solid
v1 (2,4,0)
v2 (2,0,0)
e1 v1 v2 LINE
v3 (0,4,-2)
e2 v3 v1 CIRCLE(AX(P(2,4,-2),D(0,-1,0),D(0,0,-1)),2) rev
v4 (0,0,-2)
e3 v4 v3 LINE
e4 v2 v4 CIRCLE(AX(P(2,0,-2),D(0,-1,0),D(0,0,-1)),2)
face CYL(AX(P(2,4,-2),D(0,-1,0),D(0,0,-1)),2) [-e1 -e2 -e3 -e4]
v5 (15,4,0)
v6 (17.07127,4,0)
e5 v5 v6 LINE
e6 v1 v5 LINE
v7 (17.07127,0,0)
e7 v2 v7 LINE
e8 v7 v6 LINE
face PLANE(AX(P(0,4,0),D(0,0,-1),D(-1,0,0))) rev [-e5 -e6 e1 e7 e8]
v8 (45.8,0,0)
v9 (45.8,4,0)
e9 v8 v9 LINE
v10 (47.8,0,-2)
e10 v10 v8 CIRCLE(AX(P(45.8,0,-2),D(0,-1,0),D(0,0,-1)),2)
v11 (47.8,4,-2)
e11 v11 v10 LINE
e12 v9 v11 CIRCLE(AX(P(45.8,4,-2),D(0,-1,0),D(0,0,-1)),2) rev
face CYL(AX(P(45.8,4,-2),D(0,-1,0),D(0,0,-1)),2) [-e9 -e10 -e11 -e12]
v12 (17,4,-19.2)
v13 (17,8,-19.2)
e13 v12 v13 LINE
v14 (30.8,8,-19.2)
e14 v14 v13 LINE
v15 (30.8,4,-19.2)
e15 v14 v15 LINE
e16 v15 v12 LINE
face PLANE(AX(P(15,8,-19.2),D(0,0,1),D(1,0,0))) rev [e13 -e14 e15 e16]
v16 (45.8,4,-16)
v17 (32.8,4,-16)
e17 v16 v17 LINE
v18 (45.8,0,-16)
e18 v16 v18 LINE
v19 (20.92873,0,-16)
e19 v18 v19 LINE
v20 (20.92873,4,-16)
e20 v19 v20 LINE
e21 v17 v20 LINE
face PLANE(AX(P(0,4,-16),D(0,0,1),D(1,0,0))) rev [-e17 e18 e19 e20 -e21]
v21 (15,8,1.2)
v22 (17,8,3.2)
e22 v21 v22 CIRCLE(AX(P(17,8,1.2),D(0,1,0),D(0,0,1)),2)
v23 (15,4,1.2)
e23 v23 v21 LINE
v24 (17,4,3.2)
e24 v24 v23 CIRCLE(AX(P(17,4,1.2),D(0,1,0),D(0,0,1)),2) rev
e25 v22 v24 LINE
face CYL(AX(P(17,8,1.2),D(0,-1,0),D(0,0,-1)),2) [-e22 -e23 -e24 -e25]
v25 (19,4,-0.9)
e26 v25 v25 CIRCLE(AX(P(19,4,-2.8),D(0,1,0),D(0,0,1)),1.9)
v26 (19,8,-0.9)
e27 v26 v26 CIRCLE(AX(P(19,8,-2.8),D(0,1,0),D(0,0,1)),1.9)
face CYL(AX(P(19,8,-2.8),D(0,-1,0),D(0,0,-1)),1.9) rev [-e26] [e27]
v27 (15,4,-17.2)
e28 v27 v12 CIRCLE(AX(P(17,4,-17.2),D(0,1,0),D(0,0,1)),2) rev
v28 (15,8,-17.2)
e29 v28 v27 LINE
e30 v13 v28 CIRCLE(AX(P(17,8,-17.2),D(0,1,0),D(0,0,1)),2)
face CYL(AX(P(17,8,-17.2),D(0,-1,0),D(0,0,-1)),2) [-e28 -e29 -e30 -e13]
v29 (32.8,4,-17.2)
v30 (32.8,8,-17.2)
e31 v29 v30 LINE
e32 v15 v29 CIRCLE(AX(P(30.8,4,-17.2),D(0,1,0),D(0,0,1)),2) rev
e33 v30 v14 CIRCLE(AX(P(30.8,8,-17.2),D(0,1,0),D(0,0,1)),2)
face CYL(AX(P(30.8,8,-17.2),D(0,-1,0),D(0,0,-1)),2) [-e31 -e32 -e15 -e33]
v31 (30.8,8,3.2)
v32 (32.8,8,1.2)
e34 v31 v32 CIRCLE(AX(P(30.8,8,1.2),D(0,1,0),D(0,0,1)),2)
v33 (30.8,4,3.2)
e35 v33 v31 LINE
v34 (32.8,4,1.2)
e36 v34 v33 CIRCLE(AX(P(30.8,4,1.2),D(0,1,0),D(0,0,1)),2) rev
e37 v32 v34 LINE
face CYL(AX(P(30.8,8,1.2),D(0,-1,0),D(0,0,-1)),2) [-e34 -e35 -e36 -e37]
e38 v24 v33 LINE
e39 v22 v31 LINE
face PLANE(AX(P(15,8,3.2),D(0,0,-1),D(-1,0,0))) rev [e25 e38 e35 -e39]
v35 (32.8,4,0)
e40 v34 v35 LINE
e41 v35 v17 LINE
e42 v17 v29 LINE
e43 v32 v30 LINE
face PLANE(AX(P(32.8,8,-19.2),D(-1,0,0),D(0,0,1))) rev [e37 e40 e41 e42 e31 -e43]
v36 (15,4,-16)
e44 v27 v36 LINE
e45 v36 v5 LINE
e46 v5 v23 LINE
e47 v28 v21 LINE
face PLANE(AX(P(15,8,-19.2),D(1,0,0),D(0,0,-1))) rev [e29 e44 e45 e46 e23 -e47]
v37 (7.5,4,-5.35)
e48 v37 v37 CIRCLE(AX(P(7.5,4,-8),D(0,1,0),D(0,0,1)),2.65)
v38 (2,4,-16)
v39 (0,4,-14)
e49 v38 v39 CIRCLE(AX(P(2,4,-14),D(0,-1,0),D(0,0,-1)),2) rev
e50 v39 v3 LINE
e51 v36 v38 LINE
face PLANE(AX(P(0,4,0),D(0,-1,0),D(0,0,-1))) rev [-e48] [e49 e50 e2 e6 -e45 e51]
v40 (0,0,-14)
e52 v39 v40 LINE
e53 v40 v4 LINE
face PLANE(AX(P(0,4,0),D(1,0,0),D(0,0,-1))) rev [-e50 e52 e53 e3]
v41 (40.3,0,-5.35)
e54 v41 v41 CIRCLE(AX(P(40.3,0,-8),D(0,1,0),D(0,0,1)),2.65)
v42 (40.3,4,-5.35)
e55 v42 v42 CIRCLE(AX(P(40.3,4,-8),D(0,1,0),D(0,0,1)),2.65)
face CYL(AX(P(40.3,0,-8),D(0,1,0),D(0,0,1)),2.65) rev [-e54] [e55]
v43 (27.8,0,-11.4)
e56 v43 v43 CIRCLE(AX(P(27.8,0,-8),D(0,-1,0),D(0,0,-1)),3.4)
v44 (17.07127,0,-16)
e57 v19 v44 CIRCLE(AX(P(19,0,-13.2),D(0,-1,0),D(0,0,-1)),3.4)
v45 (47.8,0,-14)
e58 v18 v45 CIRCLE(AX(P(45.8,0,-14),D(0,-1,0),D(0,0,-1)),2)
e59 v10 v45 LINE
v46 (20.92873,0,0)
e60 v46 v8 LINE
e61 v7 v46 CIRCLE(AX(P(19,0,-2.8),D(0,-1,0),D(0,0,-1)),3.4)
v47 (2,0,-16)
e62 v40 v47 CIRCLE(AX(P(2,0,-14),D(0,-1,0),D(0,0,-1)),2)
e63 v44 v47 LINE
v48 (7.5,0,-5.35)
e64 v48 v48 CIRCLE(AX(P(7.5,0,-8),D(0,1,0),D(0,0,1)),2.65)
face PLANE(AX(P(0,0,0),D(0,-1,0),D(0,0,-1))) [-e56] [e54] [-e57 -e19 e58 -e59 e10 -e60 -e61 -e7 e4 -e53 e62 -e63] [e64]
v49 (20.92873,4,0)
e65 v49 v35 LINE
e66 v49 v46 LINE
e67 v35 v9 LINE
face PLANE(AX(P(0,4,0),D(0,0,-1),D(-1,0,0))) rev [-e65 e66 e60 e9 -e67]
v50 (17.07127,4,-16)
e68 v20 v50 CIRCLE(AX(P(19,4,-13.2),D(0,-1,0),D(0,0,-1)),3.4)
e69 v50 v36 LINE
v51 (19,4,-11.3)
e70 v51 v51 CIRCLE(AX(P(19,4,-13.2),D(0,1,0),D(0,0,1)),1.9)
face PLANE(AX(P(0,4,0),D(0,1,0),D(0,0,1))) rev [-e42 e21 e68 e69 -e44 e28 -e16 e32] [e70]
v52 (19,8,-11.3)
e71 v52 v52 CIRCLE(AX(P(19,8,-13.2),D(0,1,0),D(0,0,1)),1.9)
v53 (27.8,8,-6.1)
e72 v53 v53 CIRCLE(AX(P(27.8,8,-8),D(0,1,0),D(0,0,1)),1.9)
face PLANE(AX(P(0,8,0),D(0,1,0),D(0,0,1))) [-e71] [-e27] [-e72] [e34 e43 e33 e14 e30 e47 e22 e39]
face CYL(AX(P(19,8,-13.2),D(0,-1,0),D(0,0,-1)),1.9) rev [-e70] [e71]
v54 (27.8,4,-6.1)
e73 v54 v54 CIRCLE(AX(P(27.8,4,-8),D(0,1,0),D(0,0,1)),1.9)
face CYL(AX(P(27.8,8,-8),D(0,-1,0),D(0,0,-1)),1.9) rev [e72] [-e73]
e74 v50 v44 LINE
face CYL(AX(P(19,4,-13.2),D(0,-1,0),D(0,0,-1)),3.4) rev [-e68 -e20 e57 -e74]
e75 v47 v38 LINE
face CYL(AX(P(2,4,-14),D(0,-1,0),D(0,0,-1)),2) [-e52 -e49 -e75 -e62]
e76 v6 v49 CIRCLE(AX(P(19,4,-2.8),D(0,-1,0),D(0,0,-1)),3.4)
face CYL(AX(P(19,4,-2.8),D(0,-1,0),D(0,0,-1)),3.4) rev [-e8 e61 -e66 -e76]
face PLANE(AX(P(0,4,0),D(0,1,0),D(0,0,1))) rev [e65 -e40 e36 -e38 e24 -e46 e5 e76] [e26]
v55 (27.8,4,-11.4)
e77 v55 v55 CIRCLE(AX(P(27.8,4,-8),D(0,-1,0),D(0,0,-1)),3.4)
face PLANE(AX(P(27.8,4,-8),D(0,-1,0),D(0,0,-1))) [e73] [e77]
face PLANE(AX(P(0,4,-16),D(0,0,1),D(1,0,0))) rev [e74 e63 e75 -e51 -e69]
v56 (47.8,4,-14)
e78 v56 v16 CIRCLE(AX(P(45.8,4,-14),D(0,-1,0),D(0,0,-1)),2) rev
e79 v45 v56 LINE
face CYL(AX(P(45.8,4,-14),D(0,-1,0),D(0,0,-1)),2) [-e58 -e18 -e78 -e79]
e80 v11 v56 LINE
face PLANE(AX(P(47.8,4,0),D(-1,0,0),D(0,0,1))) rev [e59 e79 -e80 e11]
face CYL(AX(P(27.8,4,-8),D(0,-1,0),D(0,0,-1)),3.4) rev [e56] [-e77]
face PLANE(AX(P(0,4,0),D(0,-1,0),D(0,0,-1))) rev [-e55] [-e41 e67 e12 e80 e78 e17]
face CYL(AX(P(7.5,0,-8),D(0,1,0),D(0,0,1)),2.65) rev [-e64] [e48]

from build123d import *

# Parameters (mm, degrees)
SKETCH1_W           = 47.8
SKETCH1_H           = 16
BOSS_EXTRUDE1_DEPTH = 4
SKETCH2_W           = 17.8
SKETCH2_H           = 22.4
SKETCH2_R           = 1.9
BOSS_EXTRUDE2_DEPTH = 4
SKETCH3_R           = 3.4
CUT_EXTRUDE1_DEPTH  = 4
SKETCH4_R           = 2.65
CUT_EXTRUDE2_DEPTH  = 4
FILLET1_R           = 2


with BuildPart() as part:
    # Sketch1 → Boss-Extrude1 (new body)
    with BuildSketch(Plane(origin=(0, 0, 0), x_dir=(1, 0, 0), z_dir=(0, 1, 0))):
        with Locations((23.9, 8)):
            Rectangle(SKETCH1_W, SKETCH1_H)
    extrude(amount=BOSS_EXTRUDE1_DEPTH)

    # Sketch2 → Boss-Extrude2 (add)
    with BuildSketch(Plane(origin=(0, 4, 0), x_dir=(1, 0, 0), z_dir=(0, 1, 0))):
        with Locations((23.9, 8)):
            Rectangle(SKETCH2_W, SKETCH2_H)
        with Locations(Location((19, 13.2, 0), (0, 0, 270))):
            Circle(SKETCH2_R, mode=Mode.SUBTRACT)
        with Locations(Location((27.8, 8, 0), (0, 0, 270))):
            Circle(SKETCH2_R, mode=Mode.SUBTRACT)
        with Locations(Location((19, 2.8, 0), (0, 0, 270))):
            Circle(SKETCH2_R, mode=Mode.SUBTRACT)
    extrude(amount=BOSS_EXTRUDE2_DEPTH)

    # Sketch3 → Cut-Extrude1 (cut)
    with BuildSketch(Plane.XZ):
        with Locations((19, -2.8)):
            Circle(SKETCH3_R)
        with Locations(Location((27.8, -8, 0), (0, 0, 270))):
            Circle(SKETCH3_R)
        with Locations((19, -13.2)):
            Circle(SKETCH3_R)
    extrude(amount=-CUT_EXTRUDE1_DEPTH, mode=Mode.SUBTRACT)

    # Sketch4 → Cut-Extrude2 (cut)
    with BuildSketch(Plane(origin=(0, 4, 0), x_dir=(1, 0, 0), z_dir=(0, 1, 0))):
        with Locations(Location((7.5, 8, 0), (0, 0, 270))):
            Circle(SKETCH4_R)
        with Locations(Location((40.3, 8, 0), (0, 0, 270))):
            Circle(SKETCH4_R)
    extrude(amount=-CUT_EXTRUDE2_DEPTH, mode=Mode.SUBTRACT)

    # Fillet1
    fillet1_edges = [part.edges().sort_by_distance(p)[0] for p in [
        (15, 6, -19.2),
        (15, 6, 3.2),
        (32.8, 6, 3.2),
        (32.8, 6, -19.2),
        (0, 2, -16),
        (47.8, 2, -16),
        (47.8, 2, 0),
        (0, 2, 0),
    ]]
    fillet(fillet1_edges, radius=FILLET1_R)


solid = part.part
